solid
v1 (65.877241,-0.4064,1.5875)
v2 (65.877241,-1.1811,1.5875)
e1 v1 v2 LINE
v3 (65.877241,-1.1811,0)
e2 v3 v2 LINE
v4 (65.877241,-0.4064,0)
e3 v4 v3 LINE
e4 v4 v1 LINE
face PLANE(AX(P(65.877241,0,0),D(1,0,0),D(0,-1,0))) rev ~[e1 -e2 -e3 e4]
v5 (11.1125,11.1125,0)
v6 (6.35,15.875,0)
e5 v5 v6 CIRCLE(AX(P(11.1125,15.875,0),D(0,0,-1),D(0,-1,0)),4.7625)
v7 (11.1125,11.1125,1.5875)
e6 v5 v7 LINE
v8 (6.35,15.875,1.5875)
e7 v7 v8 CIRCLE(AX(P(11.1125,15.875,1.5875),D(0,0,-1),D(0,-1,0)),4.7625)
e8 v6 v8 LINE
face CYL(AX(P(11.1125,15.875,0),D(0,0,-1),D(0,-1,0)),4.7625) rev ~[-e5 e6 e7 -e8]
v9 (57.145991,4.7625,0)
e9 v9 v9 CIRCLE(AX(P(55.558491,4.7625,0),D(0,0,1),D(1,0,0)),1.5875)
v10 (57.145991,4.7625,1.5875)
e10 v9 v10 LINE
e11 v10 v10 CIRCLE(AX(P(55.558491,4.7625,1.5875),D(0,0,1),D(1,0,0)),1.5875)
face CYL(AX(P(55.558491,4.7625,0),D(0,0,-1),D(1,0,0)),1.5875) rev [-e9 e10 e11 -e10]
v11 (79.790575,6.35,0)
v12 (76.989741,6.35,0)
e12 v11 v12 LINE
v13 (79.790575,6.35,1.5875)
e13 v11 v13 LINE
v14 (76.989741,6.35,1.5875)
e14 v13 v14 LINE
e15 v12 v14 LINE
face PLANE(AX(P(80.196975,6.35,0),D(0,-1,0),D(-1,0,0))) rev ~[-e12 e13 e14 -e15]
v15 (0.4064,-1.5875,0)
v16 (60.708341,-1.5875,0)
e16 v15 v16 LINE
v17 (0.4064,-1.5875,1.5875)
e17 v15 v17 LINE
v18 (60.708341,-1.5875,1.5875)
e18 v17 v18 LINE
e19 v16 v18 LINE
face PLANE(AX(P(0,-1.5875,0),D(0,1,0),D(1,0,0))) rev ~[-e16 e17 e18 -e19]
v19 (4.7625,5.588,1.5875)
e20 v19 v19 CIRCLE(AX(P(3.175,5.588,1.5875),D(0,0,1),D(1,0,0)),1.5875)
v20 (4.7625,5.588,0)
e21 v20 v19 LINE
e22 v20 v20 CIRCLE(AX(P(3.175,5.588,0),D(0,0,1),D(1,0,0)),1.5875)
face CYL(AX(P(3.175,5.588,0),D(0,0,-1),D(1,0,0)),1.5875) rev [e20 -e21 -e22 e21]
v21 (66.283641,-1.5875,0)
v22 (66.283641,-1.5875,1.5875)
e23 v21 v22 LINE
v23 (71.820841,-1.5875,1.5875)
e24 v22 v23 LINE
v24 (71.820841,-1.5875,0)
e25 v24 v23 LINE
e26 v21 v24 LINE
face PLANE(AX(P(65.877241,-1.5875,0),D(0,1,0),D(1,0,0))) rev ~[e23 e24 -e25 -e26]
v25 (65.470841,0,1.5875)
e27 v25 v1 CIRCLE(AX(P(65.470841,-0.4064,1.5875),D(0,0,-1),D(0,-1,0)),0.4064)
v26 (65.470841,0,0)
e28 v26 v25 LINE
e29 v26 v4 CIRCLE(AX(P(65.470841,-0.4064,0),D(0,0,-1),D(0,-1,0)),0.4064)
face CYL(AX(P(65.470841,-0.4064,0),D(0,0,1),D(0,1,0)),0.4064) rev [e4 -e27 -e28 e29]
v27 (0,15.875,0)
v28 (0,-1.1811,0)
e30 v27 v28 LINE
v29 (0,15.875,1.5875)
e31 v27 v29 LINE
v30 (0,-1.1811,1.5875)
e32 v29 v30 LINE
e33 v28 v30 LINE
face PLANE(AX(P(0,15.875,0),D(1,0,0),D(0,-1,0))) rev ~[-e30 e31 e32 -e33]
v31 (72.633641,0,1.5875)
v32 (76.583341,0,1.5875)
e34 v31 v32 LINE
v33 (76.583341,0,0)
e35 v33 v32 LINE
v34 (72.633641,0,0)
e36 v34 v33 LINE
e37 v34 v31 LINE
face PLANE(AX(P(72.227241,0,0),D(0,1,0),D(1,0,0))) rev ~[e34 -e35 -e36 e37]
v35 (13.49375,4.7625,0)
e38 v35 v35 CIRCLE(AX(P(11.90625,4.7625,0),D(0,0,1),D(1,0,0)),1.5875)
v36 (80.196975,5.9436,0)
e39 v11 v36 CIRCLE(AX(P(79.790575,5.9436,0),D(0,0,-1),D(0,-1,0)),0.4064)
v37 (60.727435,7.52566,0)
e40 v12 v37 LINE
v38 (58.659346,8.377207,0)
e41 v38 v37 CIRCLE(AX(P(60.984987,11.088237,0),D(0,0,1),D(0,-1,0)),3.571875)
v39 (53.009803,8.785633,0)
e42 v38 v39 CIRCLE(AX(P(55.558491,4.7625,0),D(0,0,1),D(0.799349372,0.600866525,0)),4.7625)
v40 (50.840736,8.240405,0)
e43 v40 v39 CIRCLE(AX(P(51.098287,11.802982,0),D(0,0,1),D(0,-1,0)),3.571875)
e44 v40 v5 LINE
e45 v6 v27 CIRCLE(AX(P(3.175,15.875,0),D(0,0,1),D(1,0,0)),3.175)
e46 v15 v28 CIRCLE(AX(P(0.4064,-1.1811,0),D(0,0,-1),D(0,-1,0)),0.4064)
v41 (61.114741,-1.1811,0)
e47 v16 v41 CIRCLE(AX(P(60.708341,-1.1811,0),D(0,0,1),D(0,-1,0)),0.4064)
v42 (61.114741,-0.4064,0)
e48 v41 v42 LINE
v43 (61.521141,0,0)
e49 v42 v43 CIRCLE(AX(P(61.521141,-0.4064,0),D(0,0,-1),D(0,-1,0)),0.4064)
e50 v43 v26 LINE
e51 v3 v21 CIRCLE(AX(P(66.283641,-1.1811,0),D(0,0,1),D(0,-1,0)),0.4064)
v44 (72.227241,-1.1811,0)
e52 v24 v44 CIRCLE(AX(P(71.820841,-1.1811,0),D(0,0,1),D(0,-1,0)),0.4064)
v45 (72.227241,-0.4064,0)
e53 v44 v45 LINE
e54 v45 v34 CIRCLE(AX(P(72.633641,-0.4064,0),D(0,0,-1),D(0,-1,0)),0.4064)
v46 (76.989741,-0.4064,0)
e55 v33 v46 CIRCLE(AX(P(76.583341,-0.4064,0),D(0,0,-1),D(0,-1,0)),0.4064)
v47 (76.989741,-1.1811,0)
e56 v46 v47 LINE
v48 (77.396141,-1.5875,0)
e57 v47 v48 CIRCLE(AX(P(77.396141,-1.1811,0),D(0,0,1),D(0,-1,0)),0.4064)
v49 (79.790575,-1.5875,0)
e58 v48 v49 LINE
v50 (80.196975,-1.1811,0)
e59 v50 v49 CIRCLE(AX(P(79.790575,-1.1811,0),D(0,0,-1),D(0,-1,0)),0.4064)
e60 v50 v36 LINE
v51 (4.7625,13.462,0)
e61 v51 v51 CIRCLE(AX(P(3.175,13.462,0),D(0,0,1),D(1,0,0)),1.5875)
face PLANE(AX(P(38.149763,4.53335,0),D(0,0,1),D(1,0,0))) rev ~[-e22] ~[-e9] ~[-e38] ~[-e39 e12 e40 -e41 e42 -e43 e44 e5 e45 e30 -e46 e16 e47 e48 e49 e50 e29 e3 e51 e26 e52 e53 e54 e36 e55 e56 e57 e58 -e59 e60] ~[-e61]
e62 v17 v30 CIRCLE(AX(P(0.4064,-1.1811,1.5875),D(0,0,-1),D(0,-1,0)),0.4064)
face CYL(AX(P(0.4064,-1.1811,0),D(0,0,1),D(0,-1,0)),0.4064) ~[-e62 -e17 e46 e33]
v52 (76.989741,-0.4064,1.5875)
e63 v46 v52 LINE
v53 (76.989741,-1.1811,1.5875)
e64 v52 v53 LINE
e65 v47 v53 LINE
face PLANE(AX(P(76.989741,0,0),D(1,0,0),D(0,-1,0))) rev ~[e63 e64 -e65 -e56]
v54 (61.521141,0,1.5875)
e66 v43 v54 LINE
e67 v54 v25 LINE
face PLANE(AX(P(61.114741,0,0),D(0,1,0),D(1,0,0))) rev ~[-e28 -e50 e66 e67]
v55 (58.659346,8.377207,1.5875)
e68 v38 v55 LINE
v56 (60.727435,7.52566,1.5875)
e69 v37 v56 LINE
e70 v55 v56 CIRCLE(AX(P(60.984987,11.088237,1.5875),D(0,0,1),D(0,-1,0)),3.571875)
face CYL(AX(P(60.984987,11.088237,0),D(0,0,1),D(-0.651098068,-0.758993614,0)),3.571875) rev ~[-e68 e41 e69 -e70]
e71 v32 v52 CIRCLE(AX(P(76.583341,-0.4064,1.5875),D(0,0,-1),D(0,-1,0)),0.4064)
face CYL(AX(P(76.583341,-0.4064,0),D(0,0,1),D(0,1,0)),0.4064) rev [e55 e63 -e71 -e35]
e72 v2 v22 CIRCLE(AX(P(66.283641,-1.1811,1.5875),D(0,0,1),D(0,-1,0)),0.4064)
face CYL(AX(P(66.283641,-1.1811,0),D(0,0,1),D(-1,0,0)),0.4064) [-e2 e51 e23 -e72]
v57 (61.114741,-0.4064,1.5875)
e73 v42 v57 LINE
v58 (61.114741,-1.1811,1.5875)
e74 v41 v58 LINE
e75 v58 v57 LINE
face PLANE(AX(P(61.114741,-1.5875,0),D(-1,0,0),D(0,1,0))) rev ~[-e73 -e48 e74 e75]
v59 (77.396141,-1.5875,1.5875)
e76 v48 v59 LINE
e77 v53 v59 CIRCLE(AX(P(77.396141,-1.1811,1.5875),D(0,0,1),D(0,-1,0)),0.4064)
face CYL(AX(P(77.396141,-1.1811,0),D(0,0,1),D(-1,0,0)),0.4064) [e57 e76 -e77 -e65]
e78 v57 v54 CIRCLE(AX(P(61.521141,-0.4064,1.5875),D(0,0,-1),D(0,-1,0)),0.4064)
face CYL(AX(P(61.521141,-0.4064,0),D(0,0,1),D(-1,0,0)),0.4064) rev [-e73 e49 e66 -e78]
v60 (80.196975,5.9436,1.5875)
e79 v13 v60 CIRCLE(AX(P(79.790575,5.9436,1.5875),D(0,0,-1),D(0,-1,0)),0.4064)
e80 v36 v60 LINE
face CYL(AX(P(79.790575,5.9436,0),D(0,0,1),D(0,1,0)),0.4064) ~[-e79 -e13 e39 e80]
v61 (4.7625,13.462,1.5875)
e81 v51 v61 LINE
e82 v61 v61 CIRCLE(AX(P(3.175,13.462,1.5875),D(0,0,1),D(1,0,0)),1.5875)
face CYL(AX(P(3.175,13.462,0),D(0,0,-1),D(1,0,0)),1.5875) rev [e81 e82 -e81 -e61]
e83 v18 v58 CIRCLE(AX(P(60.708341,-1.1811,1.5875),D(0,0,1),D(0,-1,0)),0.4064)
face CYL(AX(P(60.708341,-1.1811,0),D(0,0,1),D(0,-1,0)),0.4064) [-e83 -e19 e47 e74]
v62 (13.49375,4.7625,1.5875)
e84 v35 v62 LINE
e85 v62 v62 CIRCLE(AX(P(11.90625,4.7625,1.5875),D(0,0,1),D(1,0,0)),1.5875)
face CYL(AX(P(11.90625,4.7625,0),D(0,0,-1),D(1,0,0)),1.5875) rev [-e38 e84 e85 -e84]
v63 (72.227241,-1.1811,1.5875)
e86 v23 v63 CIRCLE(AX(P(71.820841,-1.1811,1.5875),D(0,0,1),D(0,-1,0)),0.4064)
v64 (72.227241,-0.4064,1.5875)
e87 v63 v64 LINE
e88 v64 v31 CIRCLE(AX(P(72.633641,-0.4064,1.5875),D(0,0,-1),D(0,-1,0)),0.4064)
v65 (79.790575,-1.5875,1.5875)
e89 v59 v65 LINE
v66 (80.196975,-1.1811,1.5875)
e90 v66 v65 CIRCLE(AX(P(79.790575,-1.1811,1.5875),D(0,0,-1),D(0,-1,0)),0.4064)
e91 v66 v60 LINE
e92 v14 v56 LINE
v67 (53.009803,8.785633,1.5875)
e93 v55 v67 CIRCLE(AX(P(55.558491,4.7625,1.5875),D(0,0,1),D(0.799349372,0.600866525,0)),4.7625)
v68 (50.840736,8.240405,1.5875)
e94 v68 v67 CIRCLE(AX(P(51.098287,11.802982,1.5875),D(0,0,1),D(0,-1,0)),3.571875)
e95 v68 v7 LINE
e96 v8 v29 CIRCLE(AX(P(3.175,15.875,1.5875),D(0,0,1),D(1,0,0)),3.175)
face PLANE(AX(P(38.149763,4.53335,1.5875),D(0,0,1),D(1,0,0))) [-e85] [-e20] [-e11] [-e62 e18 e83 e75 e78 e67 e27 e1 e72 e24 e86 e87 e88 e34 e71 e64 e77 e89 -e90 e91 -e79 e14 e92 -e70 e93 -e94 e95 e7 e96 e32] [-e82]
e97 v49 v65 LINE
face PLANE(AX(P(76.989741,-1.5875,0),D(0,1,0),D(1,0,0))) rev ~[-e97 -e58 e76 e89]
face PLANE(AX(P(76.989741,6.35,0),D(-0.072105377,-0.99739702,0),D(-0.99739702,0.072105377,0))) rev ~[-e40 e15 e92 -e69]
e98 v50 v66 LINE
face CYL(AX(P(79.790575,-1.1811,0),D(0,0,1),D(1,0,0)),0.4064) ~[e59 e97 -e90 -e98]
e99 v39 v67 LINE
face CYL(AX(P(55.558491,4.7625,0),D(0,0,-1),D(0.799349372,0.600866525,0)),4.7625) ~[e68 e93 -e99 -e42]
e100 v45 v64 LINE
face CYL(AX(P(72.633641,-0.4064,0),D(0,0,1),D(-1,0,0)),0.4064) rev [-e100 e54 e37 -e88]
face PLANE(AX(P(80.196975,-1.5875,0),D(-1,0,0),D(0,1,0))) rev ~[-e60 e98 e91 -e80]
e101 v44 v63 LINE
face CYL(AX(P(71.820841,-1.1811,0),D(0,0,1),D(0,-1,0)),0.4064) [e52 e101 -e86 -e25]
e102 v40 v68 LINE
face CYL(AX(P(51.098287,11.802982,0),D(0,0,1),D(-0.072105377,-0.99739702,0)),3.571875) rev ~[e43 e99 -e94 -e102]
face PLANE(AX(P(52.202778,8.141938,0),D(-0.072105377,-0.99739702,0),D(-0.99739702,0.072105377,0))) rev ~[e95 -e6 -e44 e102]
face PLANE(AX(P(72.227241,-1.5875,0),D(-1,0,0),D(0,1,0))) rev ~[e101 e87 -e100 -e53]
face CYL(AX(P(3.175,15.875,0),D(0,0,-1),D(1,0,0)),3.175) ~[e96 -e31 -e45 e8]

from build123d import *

# Parameters (mm, degrees)
SKETCH1_R           = 1.5875
BOSS_EXTRUDE1_DEPTH = 1.5875
FILLET1_R           = 0.4064
FILLET2_R           = 3.571875


with BuildPart() as part:
    # Sketch1 → Boss-Extrude1 (new body)
    with BuildSketch(Plane.XY):
        with BuildLine():
            Line((0, -1.5875), (61.114741118, -1.5875))
            Line((61.114741118, -1.5875), (61.114741118, 0))
            Line((61.114741118, 0), (65.877241118, 0))
            Line((65.877241118, 0), (65.877241118, -1.5875))
            Line((65.877241118, -1.5875), (72.227241118, -1.5875))
            Line((72.227241118, -1.5875), (72.227241118, 0))
            Line((72.227241118, 0), (76.989741118, 0))
            Line((76.989741118, 0), (76.989741118, -1.5875))
            Line((76.989741118, -1.5875), (80.196975496, -1.5875))
            Line((80.196975496, -1.5875), (80.196975496, 6.35))
            Line((80.196975496, 6.35), (76.989741118, 6.35))
            Line((76.989741118, 6.35), (59.365392502, 7.624126828))
            ThreePointArc((59.365392502, 7.624126828), (55.901892976, 9.512603306), (52.202778478, 8.141937664))
            Line((52.202778478, 8.141937664), (11.1125, 11.1125))
            ThreePointArc((11.1125, 11.1125), (7.744903955, 12.507403955), (6.35, 15.875))
            ThreePointArc((6.35, 15.875), (3.175, 19.05), (0, 15.875))
            Line((0, 15.875), (0, -1.5875))
        make_face()
        with Locations((3.175, 5.588)):
            Circle(SKETCH1_R, mode=Mode.SUBTRACT)
        with Locations((3.175, 13.462)):
            Circle(SKETCH1_R, mode=Mode.SUBTRACT)
        with Locations((11.90625, 4.7625)):
            Circle(SKETCH1_R, mode=Mode.SUBTRACT)
        with Locations((55.558491118, 4.7625)):
            Circle(SKETCH1_R, mode=Mode.SUBTRACT)
    extrude(amount=BOSS_EXTRUDE1_DEPTH)

    # Fillet1
    fillet1_edges = [part.edges().sort_by_distance(p)[0] for p in [
        (76.989741118, 6.35, 0.79375),
        (80.196975496, 6.35, 0.79375),
        (80.196975496, -1.5875, 0.79375),
        (76.989741118, -1.5875, 0.79375),
        (76.989741118, 0, 0.79375),
        (72.227241118, 0, 0.79375),
        (72.227241118, -1.5875, 0.79375),
        (65.877241118, -1.5875, 0.79375),
        (65.877241118, 0, 0.79375),
        (61.114741118, 0, 0.79375),
        (61.114741118, -1.5875, 0.79375),
        (0, -1.5875, 0.79375),
    ]]
    fillet(fillet1_edges, radius=FILLET1_R)

    # Fillet2
    fillet2_edges = [part.edges().sort_by_distance(p)[0] for p in [
        (52.202778478, 8.141937664, 0.79375),
        (59.365392502, 7.624126828, 0.79375),
    ]]
    fillet(fillet2_edges, radius=FILLET2_R)


solid = part.part
